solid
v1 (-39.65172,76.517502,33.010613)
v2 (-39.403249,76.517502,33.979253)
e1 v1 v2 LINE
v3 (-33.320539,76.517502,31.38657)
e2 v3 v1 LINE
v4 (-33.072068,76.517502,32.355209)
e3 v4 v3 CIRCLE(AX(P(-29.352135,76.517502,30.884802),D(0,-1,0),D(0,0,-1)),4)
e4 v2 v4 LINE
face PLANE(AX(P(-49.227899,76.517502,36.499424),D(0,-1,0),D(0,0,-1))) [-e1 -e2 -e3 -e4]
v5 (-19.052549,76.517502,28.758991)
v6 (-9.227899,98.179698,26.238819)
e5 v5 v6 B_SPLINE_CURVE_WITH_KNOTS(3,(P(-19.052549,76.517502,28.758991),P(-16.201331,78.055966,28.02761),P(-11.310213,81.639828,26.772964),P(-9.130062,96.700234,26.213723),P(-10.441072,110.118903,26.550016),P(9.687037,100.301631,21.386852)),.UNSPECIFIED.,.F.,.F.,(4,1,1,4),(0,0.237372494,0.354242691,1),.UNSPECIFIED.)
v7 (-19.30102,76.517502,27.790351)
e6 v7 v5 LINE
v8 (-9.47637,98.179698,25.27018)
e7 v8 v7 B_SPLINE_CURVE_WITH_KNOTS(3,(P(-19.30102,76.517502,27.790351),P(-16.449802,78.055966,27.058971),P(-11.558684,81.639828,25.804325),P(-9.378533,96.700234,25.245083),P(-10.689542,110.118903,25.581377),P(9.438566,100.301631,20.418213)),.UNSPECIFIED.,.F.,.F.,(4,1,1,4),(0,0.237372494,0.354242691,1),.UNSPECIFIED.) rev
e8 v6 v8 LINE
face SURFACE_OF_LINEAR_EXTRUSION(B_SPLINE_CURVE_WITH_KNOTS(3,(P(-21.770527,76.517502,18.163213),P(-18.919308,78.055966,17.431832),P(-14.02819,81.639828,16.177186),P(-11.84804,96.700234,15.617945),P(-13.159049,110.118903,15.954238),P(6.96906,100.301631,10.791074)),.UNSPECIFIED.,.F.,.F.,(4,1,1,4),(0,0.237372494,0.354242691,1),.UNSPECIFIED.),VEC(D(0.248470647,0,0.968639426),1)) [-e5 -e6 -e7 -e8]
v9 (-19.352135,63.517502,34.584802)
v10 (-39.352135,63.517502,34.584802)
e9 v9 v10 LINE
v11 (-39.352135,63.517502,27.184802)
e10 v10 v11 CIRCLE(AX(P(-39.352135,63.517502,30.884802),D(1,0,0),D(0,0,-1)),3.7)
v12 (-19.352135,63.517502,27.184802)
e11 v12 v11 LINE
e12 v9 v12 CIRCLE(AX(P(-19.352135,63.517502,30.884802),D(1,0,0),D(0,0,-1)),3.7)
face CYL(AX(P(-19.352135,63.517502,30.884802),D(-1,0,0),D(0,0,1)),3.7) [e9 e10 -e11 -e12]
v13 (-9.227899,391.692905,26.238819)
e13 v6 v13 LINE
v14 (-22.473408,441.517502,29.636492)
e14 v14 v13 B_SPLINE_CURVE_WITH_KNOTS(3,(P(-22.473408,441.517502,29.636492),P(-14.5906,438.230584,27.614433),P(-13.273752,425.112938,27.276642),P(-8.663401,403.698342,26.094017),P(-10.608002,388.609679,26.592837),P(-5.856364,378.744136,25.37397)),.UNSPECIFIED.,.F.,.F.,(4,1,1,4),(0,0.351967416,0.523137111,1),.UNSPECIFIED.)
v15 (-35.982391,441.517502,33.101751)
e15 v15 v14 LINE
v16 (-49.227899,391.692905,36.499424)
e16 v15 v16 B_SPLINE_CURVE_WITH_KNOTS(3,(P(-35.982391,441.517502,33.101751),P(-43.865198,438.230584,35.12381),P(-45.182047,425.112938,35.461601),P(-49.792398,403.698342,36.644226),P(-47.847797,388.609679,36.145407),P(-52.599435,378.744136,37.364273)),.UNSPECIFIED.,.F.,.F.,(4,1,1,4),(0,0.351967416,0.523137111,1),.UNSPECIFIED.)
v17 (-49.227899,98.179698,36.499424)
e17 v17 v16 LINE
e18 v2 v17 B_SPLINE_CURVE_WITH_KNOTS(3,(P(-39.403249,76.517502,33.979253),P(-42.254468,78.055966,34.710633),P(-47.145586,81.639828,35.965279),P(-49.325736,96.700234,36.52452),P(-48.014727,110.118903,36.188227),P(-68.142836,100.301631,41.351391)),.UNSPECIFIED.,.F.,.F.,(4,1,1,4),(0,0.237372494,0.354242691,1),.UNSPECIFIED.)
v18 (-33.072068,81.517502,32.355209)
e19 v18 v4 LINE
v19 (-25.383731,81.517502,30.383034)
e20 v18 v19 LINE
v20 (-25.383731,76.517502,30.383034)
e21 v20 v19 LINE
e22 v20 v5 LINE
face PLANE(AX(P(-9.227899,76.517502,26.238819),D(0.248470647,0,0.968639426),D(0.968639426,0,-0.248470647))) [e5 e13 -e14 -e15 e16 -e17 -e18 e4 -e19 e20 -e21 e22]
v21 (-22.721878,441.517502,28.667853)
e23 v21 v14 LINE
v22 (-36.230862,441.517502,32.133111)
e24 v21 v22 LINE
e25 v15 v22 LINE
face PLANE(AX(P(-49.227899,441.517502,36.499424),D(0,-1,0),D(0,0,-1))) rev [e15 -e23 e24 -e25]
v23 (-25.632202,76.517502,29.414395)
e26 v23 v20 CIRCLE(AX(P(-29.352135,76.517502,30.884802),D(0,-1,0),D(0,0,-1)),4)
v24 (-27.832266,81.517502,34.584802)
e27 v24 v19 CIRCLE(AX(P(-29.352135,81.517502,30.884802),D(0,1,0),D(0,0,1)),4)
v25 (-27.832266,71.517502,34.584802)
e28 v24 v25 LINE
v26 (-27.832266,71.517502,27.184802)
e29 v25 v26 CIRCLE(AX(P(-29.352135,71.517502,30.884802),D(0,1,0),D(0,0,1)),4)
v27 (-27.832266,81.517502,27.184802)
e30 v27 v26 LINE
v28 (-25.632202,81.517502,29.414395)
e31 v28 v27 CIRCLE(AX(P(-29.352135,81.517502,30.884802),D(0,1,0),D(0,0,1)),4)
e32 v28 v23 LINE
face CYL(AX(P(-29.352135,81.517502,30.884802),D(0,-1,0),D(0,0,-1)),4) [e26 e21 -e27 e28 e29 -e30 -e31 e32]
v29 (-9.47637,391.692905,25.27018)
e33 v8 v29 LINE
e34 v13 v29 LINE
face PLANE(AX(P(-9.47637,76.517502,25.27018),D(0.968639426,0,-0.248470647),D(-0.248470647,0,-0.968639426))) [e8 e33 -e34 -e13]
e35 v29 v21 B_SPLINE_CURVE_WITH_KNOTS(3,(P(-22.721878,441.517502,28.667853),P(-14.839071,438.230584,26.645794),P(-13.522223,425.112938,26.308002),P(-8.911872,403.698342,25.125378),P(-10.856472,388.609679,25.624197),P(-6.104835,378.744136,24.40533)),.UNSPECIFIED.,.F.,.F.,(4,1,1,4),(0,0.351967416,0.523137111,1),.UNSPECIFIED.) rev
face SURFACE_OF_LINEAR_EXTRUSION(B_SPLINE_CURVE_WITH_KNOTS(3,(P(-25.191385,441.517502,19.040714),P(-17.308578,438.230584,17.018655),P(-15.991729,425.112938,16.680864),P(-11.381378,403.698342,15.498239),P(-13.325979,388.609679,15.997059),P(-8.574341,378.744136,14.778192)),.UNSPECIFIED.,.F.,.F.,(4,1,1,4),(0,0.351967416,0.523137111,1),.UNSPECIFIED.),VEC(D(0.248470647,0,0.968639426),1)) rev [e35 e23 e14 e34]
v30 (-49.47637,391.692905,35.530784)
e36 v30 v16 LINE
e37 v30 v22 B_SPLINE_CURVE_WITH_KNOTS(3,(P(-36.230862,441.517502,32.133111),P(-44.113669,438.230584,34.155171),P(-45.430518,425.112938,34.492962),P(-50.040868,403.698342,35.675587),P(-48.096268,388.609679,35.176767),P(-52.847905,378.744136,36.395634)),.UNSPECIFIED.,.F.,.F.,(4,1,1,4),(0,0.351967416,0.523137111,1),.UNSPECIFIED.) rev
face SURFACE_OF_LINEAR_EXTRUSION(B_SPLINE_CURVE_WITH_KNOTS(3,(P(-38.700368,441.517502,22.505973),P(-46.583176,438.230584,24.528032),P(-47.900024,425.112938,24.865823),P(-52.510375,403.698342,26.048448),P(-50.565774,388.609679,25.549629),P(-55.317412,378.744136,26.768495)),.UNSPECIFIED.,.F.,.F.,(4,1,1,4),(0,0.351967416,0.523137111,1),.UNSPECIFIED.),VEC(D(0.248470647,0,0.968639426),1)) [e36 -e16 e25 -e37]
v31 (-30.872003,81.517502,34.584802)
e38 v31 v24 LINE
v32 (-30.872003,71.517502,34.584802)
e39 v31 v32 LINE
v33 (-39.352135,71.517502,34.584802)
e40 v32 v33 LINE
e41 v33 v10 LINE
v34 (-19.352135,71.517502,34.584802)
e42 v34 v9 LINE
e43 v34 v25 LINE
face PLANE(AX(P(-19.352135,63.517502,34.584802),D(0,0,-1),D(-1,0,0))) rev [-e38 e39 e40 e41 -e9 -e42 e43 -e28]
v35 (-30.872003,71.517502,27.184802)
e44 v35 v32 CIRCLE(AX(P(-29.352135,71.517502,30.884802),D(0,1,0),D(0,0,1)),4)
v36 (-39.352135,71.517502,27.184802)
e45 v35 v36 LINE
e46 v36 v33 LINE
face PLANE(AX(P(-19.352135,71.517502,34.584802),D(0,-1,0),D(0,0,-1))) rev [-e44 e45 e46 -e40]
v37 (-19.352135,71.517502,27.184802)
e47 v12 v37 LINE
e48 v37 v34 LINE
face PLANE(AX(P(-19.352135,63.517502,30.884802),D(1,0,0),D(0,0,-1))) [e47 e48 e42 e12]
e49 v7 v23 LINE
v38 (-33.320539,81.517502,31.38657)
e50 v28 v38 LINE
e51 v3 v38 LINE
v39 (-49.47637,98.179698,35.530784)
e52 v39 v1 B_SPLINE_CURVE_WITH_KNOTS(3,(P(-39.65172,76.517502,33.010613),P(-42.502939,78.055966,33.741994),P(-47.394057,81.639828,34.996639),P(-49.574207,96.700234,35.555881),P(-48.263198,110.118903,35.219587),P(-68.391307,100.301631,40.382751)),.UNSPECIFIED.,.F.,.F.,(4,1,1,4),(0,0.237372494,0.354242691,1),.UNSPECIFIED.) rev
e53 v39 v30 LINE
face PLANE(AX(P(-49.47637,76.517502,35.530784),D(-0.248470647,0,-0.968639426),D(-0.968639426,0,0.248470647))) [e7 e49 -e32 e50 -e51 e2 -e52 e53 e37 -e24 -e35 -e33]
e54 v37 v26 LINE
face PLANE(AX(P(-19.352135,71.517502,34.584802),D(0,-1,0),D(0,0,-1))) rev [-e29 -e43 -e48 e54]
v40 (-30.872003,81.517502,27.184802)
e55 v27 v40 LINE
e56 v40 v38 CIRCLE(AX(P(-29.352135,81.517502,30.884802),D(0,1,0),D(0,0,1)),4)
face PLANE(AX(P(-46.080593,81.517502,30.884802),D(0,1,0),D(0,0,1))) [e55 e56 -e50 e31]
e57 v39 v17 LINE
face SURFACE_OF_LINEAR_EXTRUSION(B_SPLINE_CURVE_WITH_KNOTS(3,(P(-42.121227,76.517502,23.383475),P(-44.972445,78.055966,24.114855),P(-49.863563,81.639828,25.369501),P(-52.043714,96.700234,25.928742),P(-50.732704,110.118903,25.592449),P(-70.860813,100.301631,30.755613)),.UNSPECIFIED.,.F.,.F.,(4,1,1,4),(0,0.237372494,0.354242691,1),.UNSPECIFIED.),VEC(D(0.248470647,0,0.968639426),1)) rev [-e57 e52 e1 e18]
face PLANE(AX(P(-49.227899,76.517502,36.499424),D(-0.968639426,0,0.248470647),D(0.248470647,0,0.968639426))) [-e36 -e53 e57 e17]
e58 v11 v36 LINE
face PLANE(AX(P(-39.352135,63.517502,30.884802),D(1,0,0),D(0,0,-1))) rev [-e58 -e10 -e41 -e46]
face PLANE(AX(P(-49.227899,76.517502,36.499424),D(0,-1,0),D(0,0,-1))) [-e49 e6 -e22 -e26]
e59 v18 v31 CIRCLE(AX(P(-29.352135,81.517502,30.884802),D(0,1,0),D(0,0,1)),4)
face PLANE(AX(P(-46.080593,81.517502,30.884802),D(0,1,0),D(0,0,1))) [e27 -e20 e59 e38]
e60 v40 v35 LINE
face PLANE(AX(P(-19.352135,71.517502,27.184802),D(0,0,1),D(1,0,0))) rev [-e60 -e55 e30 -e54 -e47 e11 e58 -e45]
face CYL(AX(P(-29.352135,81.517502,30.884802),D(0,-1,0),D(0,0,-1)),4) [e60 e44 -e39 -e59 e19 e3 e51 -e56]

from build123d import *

# Parameters (mm, degrees)
EXTRUDE_1_DEPTH          = 10
EXTRUDE_2_DEPTH          = 10
EXTRUDE_3_DEPTH          = 360
EXTRUDE_3_DEPTH_BACK     = 5
CUT_EXTRUDE_1_DEPTH      = 10.938825861
CUT_EXTRUDE_1_DEPTH_BACK = 11.938825861


with BuildPart() as part:
    # 草图2 → 凸台-拉伸1 (new body, symmetric)
    with BuildSketch(Plane(origin=(-29.352134755, 0, 0), x_dir=(0, 0, -1), z_dir=(1, 0, 0))):
        with BuildLine():
            Line((-34.584801913, 63.517502407), (-34.584801913, 71.517502407))
            Line((-34.584801913, 71.517502407), (-27.184801913, 71.517502407))
            Line((-27.184801913, 71.517502407), (-27.184801913, 63.517502407))
            ThreePointArc((-27.184801913, 63.517502407), (-30.884801913, 59.817502407), (-34.584801913, 63.517502407))
        make_face()
    extrude(amount=EXTRUDE_1_DEPTH, both=True)

    # 草图4 → 凸台-拉伸2 (add)
    with BuildSketch(Plane(origin=(0, 71.517502407, 0), x_dir=(1, 0, 0), z_dir=(0, 1, 0))):
        with BuildLine():
            ThreePointArc((-30.872003171, -27.184801913), (-33.352134755, -30.884801913), (-30.872003171, -34.584801913))
            Line((-30.872003171, -34.584801913), (-27.83226634, -34.584801913))
            ThreePointArc((-27.83226634, -34.584801913), (-25.352134755, -30.884801913), (-27.83226634, -27.184801913))
            Line((-27.83226634, -27.184801913), (-30.872003171, -27.184801913))
        make_face()
    extrude(amount=EXTRUDE_2_DEPTH)

    # 草图7 → 凸台-拉伸3 (add, two sides)
    with BuildSketch(Plane(origin=(0, 81.517502407, 0), x_dir=(1, 0, 0), z_dir=(0, 1, 0))) as extrude_3_sk:
        Polygon((-49.227899432, -36.499423776), (-49.476370079, -35.53078435), (-9.476370079, -25.27018005), (-9.227899432, -26.238819476), align=None)
    extrude(amount=EXTRUDE_3_DEPTH)
    extrude(extrude_3_sk.sketch, amount=-EXTRUDE_3_DEPTH_BACK)

    # 草图8 → 切除-拉伸1 (cut, two sides)
    with BuildSketch(Plane(origin=(5.745409843, 0, 22.397939438), x_dir=(0.968639426, 0, -0.248470647), z_dir=(0.248470647, 0, 0.968639426))) as cut_extrude_1_sk:
        with BuildLine():
            Line((-56.753119678, 441.517502407), (-56.753119678, 391.692905165))
            add(Edge.make_bspline(
                [(-43.078776353, 441.517502407), (-51.216796387, 438.23058361), (-52.576278999, 425.112937891), (-56.382375341, 407.988441194), (-56.082947511, 397.823049203), (-56.753119678, 391.692905165)],
                knots=[0, 0, 0, 0, 0.351967416, 0.523137111, 0.799664718, 0.799664718, 0.799664718, 0.799664718], degree=3))
            Line((-43.078776353, 441.517502407), (-56.753119678, 441.517502407))
        make_face()
        with BuildLine():
            Line((-15.458083649, 441.517502407), (-29.132426973, 441.517502407))
            add(Edge.make_bspline(
                [(-29.132426973, 441.517502407), (-20.994406939, 438.23058361), (-19.634924328, 425.112937891), (-15.828827986, 407.988441194), (-16.128255816, 397.823049203), (-15.458083649, 391.692905165)],
                knots=[0, 0, 0, 0, 0.351967416, 0.523137111, 0.799664718, 0.799664718, 0.799664718, 0.799664718], degree=3))
            Line((-15.458083649, 391.692905165), (-15.458083649, 441.517502407))
        make_face()
        with BuildLine():
            Line((-15.458083649, 76.517502407), (-15.458083649, 98.17969781))
            add(Edge.make_bspline(
                [(-25.600815541, 76.517502407), (-22.657286276, 78.055965616), (-17.607813954, 81.639827622), (-16.337691235, 90.138636186), (-16.166046553, 95.417815279), (-15.458083649, 98.17969781)],
                knots=[0, 0, 0, 0, 0.237372494, 0.354242691, 0.564314689, 0.564314689, 0.564314689, 0.564314689], degree=3))
            Line((-25.600815541, 76.517502407), (-15.458083649, 76.517502407))
        make_face()
        with BuildLine():
            Line((-56.753119678, 76.517502407), (-46.610387786, 76.517502407))
            add(Edge.make_bspline(
                [(-46.610387786, 76.517502407), (-49.55391705, 78.055965616), (-54.603389372, 81.639827622), (-55.873512091, 90.138636186), (-56.045156774, 95.417815279), (-56.753119678, 98.17969781)],
                knots=[0, 0, 0, 0, 0.237372494, 0.354242691, 0.564314689, 0.564314689, 0.564314689, 0.564314689], degree=3))
            Line((-56.753119678, 98.17969781), (-56.753119678, 76.517502407))
        make_face()
    extrude(amount=CUT_EXTRUDE_1_DEPTH, mode=Mode.SUBTRACT)
    extrude(cut_extrude_1_sk.sketch, amount=-CUT_EXTRUDE_1_DEPTH_BACK, mode=Mode.SUBTRACT)


solid = part.part
